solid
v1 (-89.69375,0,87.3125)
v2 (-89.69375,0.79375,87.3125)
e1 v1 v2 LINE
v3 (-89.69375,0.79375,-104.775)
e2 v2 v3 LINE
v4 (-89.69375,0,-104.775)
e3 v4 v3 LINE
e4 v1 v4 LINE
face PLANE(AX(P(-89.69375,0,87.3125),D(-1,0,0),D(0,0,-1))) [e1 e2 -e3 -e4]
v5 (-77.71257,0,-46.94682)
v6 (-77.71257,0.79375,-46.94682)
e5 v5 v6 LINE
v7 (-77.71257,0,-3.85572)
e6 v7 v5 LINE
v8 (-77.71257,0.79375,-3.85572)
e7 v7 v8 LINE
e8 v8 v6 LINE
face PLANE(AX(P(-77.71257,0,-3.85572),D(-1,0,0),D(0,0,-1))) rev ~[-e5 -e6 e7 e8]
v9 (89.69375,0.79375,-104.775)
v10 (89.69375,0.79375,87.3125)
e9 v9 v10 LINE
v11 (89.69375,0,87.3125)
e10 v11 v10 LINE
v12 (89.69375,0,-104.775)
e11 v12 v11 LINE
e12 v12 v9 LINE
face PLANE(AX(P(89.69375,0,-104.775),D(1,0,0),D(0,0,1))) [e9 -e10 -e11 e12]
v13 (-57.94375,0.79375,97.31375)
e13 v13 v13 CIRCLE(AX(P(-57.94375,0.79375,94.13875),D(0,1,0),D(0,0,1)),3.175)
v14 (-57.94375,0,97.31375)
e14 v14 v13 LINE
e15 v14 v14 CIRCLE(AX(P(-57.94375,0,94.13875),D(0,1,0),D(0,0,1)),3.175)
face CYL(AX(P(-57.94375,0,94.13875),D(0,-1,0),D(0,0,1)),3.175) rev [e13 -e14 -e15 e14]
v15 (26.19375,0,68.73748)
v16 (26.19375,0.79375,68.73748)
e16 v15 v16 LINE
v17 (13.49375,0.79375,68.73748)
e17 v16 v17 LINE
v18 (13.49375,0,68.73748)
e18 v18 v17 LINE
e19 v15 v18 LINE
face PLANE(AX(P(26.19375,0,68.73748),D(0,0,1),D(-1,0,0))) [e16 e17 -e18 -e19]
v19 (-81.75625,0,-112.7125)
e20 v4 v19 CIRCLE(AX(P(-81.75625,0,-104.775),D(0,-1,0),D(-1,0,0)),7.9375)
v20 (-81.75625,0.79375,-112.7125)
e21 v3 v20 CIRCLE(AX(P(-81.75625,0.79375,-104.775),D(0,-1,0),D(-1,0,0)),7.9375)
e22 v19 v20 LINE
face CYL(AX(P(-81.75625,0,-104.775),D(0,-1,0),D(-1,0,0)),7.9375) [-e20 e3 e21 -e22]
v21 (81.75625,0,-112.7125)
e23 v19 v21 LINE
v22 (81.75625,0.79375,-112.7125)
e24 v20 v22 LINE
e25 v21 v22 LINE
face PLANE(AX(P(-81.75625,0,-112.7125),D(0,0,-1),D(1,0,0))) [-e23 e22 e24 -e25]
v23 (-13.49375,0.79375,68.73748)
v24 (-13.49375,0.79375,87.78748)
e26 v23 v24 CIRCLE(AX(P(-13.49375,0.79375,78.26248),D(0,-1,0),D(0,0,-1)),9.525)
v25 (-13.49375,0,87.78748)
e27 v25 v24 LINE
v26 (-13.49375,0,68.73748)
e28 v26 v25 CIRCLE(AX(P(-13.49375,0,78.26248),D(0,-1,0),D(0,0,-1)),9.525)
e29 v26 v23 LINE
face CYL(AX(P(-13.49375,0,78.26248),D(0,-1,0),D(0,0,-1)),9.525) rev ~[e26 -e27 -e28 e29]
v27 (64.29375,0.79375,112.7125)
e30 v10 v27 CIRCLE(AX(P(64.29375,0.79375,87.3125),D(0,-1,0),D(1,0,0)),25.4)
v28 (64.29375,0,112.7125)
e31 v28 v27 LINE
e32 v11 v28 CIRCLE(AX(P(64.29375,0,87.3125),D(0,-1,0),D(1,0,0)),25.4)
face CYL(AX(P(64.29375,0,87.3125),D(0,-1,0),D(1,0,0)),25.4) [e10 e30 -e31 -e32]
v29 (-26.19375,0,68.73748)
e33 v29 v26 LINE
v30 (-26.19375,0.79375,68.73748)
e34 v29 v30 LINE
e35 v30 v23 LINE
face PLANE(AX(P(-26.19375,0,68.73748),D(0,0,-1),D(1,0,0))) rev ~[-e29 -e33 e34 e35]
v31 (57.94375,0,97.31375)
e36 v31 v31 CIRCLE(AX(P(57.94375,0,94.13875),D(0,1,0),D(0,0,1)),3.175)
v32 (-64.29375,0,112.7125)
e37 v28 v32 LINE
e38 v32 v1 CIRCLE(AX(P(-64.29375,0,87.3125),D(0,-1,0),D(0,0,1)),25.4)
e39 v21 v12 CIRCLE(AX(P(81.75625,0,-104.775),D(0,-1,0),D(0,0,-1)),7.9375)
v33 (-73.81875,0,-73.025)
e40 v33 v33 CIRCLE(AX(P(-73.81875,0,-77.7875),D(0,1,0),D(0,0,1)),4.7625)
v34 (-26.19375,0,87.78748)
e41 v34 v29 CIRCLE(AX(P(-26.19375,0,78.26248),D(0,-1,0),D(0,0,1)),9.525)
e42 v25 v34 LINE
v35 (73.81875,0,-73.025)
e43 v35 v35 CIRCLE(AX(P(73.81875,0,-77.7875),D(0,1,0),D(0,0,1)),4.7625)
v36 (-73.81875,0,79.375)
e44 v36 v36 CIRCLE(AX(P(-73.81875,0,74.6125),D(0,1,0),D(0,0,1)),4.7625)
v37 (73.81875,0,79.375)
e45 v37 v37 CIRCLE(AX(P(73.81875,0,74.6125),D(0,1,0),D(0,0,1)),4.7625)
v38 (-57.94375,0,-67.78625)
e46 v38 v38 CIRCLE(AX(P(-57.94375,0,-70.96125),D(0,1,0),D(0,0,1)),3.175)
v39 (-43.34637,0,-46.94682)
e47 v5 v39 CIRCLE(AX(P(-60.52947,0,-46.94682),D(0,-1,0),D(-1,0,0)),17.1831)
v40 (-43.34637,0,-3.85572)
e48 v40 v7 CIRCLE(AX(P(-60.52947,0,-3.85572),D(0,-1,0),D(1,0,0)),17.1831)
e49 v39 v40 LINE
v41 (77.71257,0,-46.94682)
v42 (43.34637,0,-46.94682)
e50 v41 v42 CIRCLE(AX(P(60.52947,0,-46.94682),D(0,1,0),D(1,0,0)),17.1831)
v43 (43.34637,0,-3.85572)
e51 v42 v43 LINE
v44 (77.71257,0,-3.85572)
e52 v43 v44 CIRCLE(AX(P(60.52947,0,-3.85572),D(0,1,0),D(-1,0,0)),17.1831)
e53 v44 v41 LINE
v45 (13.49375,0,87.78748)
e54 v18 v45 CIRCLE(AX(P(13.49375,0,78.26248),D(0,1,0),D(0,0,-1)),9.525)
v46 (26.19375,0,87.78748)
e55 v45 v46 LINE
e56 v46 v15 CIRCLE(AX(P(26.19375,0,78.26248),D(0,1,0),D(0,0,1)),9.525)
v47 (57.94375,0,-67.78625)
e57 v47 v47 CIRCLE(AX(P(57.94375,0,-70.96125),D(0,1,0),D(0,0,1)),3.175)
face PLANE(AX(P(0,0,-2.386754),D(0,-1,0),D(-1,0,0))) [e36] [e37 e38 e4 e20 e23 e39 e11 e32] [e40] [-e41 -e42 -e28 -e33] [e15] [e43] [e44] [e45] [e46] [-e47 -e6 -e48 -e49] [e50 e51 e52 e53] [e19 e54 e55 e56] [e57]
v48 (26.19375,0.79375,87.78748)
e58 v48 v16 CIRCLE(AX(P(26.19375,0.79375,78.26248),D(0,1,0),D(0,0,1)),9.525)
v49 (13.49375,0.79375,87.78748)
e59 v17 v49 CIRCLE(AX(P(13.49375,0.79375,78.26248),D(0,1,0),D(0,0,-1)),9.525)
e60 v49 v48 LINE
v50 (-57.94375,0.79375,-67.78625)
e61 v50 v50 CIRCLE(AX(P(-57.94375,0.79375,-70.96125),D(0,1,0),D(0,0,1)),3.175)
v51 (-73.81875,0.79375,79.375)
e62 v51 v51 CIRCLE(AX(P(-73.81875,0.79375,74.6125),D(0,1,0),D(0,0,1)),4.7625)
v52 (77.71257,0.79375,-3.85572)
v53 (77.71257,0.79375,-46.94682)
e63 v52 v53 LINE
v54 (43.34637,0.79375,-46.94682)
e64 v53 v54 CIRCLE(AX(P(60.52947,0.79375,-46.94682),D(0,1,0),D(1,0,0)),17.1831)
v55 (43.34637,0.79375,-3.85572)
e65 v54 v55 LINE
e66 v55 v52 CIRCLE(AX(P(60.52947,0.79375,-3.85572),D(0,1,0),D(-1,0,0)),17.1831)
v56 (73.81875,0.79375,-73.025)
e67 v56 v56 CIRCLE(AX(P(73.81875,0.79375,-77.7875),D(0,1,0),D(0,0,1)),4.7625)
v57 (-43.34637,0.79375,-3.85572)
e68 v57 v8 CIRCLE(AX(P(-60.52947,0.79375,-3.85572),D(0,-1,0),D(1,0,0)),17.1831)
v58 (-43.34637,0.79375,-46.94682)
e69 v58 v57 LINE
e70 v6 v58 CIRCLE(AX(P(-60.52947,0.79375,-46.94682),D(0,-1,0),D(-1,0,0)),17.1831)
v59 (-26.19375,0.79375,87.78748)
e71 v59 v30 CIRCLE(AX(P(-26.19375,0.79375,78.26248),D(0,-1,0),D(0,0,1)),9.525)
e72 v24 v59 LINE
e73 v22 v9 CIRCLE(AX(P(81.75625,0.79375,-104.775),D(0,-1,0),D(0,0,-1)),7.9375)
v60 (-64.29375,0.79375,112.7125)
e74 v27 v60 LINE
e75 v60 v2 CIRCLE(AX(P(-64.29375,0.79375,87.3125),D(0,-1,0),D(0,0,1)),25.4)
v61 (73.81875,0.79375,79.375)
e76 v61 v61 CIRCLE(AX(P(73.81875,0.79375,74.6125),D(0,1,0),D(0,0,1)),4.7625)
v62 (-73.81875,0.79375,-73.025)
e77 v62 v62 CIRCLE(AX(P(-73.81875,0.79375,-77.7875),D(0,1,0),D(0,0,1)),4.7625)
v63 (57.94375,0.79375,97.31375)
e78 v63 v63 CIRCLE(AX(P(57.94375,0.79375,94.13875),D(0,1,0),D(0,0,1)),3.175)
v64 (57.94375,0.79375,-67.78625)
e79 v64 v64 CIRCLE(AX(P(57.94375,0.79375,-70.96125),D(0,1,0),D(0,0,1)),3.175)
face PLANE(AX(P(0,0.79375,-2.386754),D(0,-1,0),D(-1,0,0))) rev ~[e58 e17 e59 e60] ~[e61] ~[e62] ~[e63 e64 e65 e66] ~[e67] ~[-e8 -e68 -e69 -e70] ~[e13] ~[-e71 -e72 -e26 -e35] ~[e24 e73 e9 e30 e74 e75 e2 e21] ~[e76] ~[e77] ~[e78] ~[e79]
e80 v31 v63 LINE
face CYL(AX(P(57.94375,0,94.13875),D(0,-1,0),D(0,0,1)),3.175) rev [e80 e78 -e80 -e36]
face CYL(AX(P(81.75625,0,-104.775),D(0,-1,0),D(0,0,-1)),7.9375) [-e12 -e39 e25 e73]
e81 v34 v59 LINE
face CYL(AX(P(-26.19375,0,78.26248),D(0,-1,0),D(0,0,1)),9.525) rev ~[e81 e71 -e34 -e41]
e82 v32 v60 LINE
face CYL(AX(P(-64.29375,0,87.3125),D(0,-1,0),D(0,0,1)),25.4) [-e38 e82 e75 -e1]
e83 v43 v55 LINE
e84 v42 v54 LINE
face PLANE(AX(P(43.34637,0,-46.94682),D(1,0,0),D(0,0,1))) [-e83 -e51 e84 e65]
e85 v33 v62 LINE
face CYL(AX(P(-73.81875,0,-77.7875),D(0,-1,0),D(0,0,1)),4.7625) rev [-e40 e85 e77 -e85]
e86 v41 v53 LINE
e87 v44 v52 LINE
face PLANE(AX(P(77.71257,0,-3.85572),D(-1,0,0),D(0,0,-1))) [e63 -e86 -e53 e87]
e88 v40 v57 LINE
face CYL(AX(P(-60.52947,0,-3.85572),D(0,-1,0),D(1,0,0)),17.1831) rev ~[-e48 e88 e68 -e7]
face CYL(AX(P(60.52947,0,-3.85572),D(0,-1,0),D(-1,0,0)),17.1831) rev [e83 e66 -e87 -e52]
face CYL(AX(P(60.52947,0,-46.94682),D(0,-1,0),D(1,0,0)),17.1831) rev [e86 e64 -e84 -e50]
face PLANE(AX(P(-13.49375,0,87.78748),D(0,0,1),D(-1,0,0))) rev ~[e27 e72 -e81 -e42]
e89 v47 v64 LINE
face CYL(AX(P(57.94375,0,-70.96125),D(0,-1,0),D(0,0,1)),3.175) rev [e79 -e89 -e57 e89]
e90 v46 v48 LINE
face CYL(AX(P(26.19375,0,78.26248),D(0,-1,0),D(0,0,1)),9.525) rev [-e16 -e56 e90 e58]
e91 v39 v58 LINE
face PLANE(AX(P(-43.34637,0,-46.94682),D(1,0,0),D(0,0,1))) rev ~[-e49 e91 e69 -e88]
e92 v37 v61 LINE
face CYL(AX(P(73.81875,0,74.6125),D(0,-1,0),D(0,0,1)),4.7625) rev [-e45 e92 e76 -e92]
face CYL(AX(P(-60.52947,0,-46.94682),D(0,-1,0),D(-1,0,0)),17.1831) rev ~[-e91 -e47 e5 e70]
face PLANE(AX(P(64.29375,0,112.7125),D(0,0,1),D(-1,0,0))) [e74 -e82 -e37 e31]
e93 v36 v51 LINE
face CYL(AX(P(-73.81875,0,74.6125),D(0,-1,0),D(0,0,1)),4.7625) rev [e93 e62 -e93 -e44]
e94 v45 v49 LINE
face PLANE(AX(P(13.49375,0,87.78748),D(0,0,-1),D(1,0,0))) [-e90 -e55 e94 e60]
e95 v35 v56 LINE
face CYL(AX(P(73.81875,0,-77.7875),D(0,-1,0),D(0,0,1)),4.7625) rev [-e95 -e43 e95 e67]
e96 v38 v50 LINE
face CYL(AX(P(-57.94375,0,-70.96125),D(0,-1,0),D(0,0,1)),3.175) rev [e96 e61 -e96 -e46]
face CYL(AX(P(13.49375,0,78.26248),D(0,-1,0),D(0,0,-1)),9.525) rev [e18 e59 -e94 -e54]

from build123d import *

# Parameters (mm, degrees)
SKETCH1_R           = 3.175
SKETCH1_R_2         = 4.7625
BOSS_EXTRUDE1_DEPTH = 0.79375


with BuildPart() as part:
    # Sketch1 → Boss-Extrude1 (new body)
    with BuildSketch(Plane(origin=(0, 0, 0), x_dir=(1, 0, 0), z_dir=(0, 1, 0))):
        with BuildLine():
            Line((-81.75625, 112.7125), (81.75625, 112.7125))
            ThreePointArc((81.75625, 112.7125), (87.368910076, 110.387660076), (89.69375, 104.775))
            Line((89.69375, 104.775), (89.69375, -87.3125))
            ThreePointArc((89.69375, -87.3125), (82.254262242, -105.273012242), (64.29375, -112.7125))
            Line((64.29375, -112.7125), (-64.29375, -112.7125))
            ThreePointArc((-64.29375, -112.7125), (-82.254262242, -105.273012242), (-89.69375, -87.3125))
            Line((-89.69375, -87.3125), (-89.69375, 104.775))
            ThreePointArc((-89.69375, 104.775), (-87.368910076, 110.387660076), (-81.75625, 112.7125))
        make_face()
        with Locations(Location((-57.94375, 70.96125, 0), (0, 0, 270))):
            Circle(SKETCH1_R, mode=Mode.SUBTRACT)
        with Locations(Location((57.94375, 70.96125, 0), (0, 0, 270))):
            Circle(SKETCH1_R, mode=Mode.SUBTRACT)
        with Locations(Location((57.94375, -94.13875, 0), (0, 0, 270))):
            Circle(SKETCH1_R, mode=Mode.SUBTRACT)
        with Locations(Location((-57.94375, -94.13875, 0), (0, 0, 270))):
            Circle(SKETCH1_R, mode=Mode.SUBTRACT)
        with Locations(Location((-73.81875, -74.6125, 0), (0, 0, 270))):
            Circle(SKETCH1_R_2, mode=Mode.SUBTRACT)
        with Locations(Location((-73.81875, 77.7875, 0), (0, 0, 270))):
            Circle(SKETCH1_R_2, mode=Mode.SUBTRACT)
        with Locations(Location((73.81875, 77.7875, 0), (0, 0, 270))):
            Circle(SKETCH1_R_2, mode=Mode.SUBTRACT)
        with Locations(Location((73.81875, -74.6125, 0), (0, 0, 270))):
            Circle(SKETCH1_R_2, mode=Mode.SUBTRACT)
        with BuildLine():
            Line((-26.19375, -68.73748), (-13.49375, -68.73748))
            ThreePointArc((-13.49375, -68.73748), (-3.96875, -78.26248), (-13.49375, -87.78748))
            Line((-13.49375, -87.78748), (-26.19375, -87.78748))
            ThreePointArc((-26.19375, -87.78748), (-35.71875, -78.26248), (-26.19375, -68.73748))
        make_face(mode=Mode.SUBTRACT)
        with BuildLine():
            Line((26.19375, -68.73748), (13.49375, -68.73748))
            ThreePointArc((13.49375, -68.73748), (3.96875, -78.26248), (13.49375, -87.78748))
            Line((13.49375, -87.78748), (26.19375, -87.78748))
            ThreePointArc((26.19375, -87.78748), (35.71875, -78.26248), (26.19375, -68.73748))
        make_face(mode=Mode.SUBTRACT)
        with BuildLine():
            Line((-43.34637, 46.94682), (-43.34637, 3.85572))
            ThreePointArc((-43.34637, 3.85572), (-60.52947, -13.32738), (-77.71257, 3.85572))
            Line((-77.71257, 3.85572), (-77.71257, 46.94682))
            ThreePointArc((-77.71257, 46.94682), (-60.52947, 64.12992), (-43.34637, 46.94682))
        make_face(mode=Mode.SUBTRACT)
        with BuildLine():
            Line((43.34637, 46.94682), (43.34637, 3.85572))
            ThreePointArc((43.34637, 3.85572), (60.52947, -13.32738), (77.71257, 3.85572))
            Line((77.71257, 3.85572), (77.71257, 46.94682))
            ThreePointArc((77.71257, 46.94682), (60.52947, 64.12992), (43.34637, 46.94682))
        make_face(mode=Mode.SUBTRACT)
    extrude(amount=BOSS_EXTRUDE1_DEPTH)


solid = part.part
